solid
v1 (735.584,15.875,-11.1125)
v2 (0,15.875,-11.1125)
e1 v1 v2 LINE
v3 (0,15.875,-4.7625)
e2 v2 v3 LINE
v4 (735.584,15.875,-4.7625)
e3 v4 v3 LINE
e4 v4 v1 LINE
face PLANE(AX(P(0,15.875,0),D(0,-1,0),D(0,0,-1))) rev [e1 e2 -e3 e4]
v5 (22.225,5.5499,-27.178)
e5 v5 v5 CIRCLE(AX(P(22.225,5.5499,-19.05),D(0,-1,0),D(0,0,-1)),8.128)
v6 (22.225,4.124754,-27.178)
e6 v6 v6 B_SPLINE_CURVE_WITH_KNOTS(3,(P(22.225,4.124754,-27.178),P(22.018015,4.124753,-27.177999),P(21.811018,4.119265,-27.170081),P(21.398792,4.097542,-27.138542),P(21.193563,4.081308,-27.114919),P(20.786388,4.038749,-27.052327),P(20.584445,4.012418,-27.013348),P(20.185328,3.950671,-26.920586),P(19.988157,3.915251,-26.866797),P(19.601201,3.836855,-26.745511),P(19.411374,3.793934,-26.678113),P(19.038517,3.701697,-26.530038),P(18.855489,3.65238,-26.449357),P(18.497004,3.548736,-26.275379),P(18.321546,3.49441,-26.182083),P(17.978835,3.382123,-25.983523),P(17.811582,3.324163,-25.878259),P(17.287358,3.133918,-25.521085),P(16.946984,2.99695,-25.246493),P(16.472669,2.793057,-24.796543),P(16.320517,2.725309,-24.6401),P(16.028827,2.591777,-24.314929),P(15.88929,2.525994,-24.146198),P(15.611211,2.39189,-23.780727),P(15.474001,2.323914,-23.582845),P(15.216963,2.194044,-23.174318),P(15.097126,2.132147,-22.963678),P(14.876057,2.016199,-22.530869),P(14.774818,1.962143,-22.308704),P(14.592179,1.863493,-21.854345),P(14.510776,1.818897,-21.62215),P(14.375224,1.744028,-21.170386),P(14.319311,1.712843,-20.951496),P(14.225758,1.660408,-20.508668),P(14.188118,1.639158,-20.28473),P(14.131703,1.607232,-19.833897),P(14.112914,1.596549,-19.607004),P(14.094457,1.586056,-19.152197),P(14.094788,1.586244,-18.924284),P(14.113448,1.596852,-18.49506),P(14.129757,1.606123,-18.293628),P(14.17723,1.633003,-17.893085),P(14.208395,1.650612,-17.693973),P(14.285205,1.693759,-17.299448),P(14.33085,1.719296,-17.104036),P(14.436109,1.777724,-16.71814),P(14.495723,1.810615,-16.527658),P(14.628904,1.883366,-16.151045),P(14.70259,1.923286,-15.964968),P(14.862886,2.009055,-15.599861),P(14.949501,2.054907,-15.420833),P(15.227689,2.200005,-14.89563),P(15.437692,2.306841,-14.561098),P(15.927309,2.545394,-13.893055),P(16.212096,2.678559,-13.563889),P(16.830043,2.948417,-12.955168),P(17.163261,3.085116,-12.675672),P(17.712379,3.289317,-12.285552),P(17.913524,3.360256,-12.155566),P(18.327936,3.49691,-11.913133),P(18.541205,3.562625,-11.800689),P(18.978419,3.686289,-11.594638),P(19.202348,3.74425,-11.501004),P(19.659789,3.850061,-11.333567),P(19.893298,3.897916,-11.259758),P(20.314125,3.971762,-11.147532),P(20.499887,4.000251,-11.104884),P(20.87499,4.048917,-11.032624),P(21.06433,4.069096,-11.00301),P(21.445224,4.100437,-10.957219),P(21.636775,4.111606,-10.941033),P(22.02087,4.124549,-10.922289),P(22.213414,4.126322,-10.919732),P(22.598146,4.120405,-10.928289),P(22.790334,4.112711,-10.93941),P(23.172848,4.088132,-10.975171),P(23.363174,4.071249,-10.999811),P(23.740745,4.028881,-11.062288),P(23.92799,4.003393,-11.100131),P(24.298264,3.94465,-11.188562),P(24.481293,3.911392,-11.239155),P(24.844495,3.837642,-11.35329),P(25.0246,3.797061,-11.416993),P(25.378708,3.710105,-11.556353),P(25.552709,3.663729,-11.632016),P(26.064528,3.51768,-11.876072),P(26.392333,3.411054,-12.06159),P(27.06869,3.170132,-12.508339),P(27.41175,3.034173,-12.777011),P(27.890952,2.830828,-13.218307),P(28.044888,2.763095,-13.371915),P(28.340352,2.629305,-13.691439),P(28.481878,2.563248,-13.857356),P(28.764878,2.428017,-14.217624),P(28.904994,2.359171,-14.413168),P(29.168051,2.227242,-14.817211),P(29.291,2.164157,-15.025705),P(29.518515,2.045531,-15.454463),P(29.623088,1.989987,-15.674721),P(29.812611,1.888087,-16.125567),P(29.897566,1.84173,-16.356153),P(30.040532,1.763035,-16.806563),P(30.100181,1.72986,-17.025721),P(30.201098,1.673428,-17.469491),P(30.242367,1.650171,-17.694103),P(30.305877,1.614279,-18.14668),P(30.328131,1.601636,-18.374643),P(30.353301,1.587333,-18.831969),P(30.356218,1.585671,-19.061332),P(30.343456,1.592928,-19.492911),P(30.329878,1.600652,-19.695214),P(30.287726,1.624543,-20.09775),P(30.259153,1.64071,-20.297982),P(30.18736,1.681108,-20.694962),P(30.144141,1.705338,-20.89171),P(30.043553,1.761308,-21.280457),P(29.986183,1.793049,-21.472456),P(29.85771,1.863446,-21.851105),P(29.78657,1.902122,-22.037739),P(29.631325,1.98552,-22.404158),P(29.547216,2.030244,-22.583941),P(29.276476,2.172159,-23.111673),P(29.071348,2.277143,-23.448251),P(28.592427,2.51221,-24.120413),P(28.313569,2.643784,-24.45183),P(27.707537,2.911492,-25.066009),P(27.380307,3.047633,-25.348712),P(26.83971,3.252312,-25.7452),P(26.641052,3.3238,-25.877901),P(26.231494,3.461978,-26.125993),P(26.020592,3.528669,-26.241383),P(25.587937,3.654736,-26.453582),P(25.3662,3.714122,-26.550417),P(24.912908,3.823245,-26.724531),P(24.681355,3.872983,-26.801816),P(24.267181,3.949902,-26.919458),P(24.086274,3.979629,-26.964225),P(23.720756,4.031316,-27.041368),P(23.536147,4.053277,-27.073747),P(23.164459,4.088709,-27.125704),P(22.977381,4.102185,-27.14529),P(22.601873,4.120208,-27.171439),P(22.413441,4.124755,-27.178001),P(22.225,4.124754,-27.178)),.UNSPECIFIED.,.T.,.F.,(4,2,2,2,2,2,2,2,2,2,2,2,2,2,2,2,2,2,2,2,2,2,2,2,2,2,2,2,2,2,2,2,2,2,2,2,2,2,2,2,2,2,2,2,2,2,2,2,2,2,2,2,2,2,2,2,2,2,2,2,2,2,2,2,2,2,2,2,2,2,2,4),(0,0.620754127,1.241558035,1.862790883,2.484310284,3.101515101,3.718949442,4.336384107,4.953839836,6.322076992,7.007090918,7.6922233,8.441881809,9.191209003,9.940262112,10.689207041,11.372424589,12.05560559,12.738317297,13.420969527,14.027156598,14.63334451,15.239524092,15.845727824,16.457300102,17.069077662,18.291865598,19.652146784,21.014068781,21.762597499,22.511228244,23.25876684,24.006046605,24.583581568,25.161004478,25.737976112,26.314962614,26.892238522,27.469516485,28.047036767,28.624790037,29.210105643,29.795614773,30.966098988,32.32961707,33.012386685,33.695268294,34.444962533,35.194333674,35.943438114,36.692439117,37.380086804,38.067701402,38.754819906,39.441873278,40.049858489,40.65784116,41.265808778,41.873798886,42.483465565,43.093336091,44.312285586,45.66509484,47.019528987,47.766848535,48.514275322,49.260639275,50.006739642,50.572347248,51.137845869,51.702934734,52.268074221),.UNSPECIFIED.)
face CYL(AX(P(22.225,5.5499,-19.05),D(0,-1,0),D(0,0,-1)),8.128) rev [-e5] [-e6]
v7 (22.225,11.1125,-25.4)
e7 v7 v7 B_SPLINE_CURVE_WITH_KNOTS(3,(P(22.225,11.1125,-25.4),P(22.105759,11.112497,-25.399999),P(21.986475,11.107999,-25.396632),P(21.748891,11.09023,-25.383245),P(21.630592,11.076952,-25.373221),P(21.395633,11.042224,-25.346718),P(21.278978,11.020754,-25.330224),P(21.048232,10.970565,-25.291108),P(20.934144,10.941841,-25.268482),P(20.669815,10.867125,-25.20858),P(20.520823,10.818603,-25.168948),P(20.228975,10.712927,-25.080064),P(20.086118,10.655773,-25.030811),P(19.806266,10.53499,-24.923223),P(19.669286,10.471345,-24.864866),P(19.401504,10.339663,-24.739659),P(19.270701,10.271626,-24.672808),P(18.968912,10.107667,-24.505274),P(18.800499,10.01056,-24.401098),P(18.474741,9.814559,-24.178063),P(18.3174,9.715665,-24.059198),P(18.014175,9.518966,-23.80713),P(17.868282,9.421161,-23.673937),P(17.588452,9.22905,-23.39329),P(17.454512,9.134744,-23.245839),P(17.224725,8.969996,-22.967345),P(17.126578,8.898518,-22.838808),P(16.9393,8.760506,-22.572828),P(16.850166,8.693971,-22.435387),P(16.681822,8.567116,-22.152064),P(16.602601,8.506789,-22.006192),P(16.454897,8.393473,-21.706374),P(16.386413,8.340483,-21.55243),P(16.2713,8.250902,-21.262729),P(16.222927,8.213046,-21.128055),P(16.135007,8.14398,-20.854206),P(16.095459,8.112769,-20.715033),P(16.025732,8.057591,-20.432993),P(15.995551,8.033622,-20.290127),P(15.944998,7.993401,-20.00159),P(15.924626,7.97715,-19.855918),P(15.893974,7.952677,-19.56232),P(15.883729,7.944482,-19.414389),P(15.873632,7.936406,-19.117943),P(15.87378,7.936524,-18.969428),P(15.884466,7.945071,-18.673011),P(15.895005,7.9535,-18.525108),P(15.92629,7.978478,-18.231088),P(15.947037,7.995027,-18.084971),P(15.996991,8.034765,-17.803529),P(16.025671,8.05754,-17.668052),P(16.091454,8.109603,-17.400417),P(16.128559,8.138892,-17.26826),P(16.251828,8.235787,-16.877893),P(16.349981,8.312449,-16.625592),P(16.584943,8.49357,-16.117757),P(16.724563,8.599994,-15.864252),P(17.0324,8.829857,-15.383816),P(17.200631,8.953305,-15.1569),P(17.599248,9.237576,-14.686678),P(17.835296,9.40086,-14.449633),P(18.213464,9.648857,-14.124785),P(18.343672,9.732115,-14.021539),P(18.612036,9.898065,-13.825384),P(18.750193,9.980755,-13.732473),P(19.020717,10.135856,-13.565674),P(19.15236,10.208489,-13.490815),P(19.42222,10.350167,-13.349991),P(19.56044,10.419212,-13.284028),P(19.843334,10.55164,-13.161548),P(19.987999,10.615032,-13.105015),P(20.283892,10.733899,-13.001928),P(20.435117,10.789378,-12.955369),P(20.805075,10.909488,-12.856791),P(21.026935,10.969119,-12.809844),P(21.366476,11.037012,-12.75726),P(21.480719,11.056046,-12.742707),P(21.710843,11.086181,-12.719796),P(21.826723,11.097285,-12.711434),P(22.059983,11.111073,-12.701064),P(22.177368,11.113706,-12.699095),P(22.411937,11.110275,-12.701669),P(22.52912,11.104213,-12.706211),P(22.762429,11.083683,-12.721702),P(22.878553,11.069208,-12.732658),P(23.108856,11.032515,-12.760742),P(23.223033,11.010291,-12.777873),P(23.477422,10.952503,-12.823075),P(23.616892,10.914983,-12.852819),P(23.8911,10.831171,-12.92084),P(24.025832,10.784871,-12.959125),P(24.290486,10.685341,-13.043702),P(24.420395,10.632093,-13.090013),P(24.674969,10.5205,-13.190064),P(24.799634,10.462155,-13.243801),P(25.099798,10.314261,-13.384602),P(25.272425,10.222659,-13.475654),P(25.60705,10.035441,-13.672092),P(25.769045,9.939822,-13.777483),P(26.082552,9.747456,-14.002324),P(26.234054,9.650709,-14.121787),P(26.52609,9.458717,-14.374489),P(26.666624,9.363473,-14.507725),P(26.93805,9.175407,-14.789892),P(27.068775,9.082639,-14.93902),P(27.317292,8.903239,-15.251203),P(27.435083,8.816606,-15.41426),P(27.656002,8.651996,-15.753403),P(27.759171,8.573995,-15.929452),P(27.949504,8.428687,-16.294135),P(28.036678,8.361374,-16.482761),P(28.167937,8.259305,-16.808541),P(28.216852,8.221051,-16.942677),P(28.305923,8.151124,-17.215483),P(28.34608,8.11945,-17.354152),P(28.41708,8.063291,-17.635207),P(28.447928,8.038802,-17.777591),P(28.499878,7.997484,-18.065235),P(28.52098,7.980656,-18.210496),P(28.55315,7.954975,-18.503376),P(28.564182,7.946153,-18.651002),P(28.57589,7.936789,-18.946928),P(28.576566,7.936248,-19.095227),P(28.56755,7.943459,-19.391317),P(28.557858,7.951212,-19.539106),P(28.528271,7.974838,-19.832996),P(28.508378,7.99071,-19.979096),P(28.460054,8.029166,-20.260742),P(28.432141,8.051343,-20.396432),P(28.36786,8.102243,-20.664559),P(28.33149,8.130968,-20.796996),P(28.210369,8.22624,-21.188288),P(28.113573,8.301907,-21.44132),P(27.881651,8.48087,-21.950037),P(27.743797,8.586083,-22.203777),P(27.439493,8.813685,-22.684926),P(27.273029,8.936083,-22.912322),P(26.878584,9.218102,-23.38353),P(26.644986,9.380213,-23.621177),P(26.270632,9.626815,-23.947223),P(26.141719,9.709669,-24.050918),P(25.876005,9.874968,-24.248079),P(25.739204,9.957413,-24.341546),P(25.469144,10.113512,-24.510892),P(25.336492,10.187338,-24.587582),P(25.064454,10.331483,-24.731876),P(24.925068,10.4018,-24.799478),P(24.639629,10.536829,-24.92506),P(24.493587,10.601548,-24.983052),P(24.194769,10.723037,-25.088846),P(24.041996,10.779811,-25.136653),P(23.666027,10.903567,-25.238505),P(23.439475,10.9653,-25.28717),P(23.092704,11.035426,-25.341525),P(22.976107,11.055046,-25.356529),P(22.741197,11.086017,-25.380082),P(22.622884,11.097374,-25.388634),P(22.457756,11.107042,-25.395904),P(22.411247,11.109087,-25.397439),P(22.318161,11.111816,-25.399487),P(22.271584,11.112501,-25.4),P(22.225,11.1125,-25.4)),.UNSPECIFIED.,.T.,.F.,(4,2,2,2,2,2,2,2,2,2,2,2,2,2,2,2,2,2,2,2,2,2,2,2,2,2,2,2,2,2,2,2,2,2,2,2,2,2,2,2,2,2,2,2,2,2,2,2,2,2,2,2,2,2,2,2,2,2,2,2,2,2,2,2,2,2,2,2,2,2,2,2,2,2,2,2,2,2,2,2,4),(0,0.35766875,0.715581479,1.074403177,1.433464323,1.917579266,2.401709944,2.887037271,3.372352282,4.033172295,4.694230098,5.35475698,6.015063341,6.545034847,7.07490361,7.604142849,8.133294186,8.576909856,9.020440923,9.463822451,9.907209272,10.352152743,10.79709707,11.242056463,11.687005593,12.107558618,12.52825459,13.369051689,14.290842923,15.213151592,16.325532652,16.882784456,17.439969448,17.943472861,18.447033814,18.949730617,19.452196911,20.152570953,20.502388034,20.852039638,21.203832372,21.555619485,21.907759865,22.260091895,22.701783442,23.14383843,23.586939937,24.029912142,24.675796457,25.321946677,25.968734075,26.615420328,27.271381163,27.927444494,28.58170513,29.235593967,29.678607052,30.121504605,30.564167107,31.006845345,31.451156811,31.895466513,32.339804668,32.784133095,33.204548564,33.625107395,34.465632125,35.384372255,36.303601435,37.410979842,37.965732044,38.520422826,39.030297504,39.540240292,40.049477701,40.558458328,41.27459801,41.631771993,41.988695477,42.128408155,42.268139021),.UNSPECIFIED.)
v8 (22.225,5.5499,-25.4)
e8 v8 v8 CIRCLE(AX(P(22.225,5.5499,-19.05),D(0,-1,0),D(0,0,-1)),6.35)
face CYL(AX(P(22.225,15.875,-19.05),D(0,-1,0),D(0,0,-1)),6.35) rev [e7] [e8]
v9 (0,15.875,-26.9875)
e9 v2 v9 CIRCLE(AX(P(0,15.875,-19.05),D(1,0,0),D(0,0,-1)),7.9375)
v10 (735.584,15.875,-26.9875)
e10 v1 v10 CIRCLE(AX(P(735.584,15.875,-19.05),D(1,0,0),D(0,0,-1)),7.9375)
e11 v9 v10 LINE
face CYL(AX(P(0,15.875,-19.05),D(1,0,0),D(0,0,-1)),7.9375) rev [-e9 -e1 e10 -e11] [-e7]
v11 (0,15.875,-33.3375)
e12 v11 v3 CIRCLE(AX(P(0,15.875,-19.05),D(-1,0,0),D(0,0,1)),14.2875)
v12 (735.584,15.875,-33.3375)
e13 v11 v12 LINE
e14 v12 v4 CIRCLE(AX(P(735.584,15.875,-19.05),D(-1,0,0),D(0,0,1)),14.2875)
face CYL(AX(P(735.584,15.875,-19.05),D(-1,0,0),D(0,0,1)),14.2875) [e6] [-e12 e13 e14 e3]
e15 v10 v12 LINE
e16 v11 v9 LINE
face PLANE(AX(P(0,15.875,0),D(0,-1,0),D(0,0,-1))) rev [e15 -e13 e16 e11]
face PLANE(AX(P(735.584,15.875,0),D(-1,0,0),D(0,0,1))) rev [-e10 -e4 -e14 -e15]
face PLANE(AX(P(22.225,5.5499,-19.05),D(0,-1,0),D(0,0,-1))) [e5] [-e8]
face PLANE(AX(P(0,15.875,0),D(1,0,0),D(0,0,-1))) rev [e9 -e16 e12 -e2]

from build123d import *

# Parameters (mm, degrees)
SKETCH1_W                     = 735.584
SKETCH1_H                     = 38.1
WOOD_BLOCK_DEPTH              = 15.875
SKETCH2_R                     = 7.9375
INNER_BORE_DEPTH              = 737.741098814
SKETCH3_R                     = 6.35
MOUTHPIECE_THROUGH_HOLE_DEPTH = 737.741098814
SKETCH5_R                     = 8.128
CUT_EXTRUDE3_DEPTH            = 5.5499
SKETCH4_OUTSIDE_W             = 187.448
SKETCH4_OUTSIDE_H             = 165.223
SKETCH4_OUTSIDE_R             = 14.2875
OUTER_DIAMETER_DEPTH          = 737.741098916


with BuildPart() as part:
    # Sketch1 → wood block (new body)
    with BuildSketch(Plane(origin=(0, 0, 0), x_dir=(1, 0, 0), z_dir=(0, 1, 0))):
        with Locations((367.792, 19.05)):
            Rectangle(SKETCH1_W, SKETCH1_H)
    extrude(amount=WOOD_BLOCK_DEPTH)

    # Sketch2 → inner bore (cut, through all)
    with BuildSketch(Plane(origin=(735.584, 0, 0), x_dir=(0, 0, -1), z_dir=(1, 0, 0))):
        with Locations((19.05, 15.875)):
            Circle(SKETCH2_R)
    extrude(amount=-INNER_BORE_DEPTH, mode=Mode.SUBTRACT)

    # Sketch3 → mouthpiece through hole (cut, through all)
    with BuildSketch(Plane(origin=(0, 0, 0), x_dir=(1, 0, 0), z_dir=(0, 1, 0))):
        with Locations(Location((22.225, 19.05, 0), (0, 0, 90))):
            Circle(SKETCH3_R)
    extrude(amount=MOUTHPIECE_THROUGH_HOLE_DEPTH, mode=Mode.SUBTRACT)

    # Sketch5 → Cut-Extrude3 (cut)
    with BuildSketch(Plane.XZ):
        with Locations(Location((22.225, -19.05, 0), (0, 0, 270))):
            Circle(SKETCH5_R)
    extrude(amount=-CUT_EXTRUDE3_DEPTH, mode=Mode.SUBTRACT)

    # Sketch4 outside → outer diameter (cut, through all)
    with BuildSketch(Plane.ZY):
        with Locations((-19.05, 7.9375)):
            Rectangle(SKETCH4_OUTSIDE_W, SKETCH4_OUTSIDE_H)
        with Locations((-19.05, 15.875)):
            Circle(SKETCH4_OUTSIDE_R, mode=Mode.SUBTRACT)
    extrude(amount=-OUTER_DIAMETER_DEPTH, mode=Mode.SUBTRACT)


solid = part.part
